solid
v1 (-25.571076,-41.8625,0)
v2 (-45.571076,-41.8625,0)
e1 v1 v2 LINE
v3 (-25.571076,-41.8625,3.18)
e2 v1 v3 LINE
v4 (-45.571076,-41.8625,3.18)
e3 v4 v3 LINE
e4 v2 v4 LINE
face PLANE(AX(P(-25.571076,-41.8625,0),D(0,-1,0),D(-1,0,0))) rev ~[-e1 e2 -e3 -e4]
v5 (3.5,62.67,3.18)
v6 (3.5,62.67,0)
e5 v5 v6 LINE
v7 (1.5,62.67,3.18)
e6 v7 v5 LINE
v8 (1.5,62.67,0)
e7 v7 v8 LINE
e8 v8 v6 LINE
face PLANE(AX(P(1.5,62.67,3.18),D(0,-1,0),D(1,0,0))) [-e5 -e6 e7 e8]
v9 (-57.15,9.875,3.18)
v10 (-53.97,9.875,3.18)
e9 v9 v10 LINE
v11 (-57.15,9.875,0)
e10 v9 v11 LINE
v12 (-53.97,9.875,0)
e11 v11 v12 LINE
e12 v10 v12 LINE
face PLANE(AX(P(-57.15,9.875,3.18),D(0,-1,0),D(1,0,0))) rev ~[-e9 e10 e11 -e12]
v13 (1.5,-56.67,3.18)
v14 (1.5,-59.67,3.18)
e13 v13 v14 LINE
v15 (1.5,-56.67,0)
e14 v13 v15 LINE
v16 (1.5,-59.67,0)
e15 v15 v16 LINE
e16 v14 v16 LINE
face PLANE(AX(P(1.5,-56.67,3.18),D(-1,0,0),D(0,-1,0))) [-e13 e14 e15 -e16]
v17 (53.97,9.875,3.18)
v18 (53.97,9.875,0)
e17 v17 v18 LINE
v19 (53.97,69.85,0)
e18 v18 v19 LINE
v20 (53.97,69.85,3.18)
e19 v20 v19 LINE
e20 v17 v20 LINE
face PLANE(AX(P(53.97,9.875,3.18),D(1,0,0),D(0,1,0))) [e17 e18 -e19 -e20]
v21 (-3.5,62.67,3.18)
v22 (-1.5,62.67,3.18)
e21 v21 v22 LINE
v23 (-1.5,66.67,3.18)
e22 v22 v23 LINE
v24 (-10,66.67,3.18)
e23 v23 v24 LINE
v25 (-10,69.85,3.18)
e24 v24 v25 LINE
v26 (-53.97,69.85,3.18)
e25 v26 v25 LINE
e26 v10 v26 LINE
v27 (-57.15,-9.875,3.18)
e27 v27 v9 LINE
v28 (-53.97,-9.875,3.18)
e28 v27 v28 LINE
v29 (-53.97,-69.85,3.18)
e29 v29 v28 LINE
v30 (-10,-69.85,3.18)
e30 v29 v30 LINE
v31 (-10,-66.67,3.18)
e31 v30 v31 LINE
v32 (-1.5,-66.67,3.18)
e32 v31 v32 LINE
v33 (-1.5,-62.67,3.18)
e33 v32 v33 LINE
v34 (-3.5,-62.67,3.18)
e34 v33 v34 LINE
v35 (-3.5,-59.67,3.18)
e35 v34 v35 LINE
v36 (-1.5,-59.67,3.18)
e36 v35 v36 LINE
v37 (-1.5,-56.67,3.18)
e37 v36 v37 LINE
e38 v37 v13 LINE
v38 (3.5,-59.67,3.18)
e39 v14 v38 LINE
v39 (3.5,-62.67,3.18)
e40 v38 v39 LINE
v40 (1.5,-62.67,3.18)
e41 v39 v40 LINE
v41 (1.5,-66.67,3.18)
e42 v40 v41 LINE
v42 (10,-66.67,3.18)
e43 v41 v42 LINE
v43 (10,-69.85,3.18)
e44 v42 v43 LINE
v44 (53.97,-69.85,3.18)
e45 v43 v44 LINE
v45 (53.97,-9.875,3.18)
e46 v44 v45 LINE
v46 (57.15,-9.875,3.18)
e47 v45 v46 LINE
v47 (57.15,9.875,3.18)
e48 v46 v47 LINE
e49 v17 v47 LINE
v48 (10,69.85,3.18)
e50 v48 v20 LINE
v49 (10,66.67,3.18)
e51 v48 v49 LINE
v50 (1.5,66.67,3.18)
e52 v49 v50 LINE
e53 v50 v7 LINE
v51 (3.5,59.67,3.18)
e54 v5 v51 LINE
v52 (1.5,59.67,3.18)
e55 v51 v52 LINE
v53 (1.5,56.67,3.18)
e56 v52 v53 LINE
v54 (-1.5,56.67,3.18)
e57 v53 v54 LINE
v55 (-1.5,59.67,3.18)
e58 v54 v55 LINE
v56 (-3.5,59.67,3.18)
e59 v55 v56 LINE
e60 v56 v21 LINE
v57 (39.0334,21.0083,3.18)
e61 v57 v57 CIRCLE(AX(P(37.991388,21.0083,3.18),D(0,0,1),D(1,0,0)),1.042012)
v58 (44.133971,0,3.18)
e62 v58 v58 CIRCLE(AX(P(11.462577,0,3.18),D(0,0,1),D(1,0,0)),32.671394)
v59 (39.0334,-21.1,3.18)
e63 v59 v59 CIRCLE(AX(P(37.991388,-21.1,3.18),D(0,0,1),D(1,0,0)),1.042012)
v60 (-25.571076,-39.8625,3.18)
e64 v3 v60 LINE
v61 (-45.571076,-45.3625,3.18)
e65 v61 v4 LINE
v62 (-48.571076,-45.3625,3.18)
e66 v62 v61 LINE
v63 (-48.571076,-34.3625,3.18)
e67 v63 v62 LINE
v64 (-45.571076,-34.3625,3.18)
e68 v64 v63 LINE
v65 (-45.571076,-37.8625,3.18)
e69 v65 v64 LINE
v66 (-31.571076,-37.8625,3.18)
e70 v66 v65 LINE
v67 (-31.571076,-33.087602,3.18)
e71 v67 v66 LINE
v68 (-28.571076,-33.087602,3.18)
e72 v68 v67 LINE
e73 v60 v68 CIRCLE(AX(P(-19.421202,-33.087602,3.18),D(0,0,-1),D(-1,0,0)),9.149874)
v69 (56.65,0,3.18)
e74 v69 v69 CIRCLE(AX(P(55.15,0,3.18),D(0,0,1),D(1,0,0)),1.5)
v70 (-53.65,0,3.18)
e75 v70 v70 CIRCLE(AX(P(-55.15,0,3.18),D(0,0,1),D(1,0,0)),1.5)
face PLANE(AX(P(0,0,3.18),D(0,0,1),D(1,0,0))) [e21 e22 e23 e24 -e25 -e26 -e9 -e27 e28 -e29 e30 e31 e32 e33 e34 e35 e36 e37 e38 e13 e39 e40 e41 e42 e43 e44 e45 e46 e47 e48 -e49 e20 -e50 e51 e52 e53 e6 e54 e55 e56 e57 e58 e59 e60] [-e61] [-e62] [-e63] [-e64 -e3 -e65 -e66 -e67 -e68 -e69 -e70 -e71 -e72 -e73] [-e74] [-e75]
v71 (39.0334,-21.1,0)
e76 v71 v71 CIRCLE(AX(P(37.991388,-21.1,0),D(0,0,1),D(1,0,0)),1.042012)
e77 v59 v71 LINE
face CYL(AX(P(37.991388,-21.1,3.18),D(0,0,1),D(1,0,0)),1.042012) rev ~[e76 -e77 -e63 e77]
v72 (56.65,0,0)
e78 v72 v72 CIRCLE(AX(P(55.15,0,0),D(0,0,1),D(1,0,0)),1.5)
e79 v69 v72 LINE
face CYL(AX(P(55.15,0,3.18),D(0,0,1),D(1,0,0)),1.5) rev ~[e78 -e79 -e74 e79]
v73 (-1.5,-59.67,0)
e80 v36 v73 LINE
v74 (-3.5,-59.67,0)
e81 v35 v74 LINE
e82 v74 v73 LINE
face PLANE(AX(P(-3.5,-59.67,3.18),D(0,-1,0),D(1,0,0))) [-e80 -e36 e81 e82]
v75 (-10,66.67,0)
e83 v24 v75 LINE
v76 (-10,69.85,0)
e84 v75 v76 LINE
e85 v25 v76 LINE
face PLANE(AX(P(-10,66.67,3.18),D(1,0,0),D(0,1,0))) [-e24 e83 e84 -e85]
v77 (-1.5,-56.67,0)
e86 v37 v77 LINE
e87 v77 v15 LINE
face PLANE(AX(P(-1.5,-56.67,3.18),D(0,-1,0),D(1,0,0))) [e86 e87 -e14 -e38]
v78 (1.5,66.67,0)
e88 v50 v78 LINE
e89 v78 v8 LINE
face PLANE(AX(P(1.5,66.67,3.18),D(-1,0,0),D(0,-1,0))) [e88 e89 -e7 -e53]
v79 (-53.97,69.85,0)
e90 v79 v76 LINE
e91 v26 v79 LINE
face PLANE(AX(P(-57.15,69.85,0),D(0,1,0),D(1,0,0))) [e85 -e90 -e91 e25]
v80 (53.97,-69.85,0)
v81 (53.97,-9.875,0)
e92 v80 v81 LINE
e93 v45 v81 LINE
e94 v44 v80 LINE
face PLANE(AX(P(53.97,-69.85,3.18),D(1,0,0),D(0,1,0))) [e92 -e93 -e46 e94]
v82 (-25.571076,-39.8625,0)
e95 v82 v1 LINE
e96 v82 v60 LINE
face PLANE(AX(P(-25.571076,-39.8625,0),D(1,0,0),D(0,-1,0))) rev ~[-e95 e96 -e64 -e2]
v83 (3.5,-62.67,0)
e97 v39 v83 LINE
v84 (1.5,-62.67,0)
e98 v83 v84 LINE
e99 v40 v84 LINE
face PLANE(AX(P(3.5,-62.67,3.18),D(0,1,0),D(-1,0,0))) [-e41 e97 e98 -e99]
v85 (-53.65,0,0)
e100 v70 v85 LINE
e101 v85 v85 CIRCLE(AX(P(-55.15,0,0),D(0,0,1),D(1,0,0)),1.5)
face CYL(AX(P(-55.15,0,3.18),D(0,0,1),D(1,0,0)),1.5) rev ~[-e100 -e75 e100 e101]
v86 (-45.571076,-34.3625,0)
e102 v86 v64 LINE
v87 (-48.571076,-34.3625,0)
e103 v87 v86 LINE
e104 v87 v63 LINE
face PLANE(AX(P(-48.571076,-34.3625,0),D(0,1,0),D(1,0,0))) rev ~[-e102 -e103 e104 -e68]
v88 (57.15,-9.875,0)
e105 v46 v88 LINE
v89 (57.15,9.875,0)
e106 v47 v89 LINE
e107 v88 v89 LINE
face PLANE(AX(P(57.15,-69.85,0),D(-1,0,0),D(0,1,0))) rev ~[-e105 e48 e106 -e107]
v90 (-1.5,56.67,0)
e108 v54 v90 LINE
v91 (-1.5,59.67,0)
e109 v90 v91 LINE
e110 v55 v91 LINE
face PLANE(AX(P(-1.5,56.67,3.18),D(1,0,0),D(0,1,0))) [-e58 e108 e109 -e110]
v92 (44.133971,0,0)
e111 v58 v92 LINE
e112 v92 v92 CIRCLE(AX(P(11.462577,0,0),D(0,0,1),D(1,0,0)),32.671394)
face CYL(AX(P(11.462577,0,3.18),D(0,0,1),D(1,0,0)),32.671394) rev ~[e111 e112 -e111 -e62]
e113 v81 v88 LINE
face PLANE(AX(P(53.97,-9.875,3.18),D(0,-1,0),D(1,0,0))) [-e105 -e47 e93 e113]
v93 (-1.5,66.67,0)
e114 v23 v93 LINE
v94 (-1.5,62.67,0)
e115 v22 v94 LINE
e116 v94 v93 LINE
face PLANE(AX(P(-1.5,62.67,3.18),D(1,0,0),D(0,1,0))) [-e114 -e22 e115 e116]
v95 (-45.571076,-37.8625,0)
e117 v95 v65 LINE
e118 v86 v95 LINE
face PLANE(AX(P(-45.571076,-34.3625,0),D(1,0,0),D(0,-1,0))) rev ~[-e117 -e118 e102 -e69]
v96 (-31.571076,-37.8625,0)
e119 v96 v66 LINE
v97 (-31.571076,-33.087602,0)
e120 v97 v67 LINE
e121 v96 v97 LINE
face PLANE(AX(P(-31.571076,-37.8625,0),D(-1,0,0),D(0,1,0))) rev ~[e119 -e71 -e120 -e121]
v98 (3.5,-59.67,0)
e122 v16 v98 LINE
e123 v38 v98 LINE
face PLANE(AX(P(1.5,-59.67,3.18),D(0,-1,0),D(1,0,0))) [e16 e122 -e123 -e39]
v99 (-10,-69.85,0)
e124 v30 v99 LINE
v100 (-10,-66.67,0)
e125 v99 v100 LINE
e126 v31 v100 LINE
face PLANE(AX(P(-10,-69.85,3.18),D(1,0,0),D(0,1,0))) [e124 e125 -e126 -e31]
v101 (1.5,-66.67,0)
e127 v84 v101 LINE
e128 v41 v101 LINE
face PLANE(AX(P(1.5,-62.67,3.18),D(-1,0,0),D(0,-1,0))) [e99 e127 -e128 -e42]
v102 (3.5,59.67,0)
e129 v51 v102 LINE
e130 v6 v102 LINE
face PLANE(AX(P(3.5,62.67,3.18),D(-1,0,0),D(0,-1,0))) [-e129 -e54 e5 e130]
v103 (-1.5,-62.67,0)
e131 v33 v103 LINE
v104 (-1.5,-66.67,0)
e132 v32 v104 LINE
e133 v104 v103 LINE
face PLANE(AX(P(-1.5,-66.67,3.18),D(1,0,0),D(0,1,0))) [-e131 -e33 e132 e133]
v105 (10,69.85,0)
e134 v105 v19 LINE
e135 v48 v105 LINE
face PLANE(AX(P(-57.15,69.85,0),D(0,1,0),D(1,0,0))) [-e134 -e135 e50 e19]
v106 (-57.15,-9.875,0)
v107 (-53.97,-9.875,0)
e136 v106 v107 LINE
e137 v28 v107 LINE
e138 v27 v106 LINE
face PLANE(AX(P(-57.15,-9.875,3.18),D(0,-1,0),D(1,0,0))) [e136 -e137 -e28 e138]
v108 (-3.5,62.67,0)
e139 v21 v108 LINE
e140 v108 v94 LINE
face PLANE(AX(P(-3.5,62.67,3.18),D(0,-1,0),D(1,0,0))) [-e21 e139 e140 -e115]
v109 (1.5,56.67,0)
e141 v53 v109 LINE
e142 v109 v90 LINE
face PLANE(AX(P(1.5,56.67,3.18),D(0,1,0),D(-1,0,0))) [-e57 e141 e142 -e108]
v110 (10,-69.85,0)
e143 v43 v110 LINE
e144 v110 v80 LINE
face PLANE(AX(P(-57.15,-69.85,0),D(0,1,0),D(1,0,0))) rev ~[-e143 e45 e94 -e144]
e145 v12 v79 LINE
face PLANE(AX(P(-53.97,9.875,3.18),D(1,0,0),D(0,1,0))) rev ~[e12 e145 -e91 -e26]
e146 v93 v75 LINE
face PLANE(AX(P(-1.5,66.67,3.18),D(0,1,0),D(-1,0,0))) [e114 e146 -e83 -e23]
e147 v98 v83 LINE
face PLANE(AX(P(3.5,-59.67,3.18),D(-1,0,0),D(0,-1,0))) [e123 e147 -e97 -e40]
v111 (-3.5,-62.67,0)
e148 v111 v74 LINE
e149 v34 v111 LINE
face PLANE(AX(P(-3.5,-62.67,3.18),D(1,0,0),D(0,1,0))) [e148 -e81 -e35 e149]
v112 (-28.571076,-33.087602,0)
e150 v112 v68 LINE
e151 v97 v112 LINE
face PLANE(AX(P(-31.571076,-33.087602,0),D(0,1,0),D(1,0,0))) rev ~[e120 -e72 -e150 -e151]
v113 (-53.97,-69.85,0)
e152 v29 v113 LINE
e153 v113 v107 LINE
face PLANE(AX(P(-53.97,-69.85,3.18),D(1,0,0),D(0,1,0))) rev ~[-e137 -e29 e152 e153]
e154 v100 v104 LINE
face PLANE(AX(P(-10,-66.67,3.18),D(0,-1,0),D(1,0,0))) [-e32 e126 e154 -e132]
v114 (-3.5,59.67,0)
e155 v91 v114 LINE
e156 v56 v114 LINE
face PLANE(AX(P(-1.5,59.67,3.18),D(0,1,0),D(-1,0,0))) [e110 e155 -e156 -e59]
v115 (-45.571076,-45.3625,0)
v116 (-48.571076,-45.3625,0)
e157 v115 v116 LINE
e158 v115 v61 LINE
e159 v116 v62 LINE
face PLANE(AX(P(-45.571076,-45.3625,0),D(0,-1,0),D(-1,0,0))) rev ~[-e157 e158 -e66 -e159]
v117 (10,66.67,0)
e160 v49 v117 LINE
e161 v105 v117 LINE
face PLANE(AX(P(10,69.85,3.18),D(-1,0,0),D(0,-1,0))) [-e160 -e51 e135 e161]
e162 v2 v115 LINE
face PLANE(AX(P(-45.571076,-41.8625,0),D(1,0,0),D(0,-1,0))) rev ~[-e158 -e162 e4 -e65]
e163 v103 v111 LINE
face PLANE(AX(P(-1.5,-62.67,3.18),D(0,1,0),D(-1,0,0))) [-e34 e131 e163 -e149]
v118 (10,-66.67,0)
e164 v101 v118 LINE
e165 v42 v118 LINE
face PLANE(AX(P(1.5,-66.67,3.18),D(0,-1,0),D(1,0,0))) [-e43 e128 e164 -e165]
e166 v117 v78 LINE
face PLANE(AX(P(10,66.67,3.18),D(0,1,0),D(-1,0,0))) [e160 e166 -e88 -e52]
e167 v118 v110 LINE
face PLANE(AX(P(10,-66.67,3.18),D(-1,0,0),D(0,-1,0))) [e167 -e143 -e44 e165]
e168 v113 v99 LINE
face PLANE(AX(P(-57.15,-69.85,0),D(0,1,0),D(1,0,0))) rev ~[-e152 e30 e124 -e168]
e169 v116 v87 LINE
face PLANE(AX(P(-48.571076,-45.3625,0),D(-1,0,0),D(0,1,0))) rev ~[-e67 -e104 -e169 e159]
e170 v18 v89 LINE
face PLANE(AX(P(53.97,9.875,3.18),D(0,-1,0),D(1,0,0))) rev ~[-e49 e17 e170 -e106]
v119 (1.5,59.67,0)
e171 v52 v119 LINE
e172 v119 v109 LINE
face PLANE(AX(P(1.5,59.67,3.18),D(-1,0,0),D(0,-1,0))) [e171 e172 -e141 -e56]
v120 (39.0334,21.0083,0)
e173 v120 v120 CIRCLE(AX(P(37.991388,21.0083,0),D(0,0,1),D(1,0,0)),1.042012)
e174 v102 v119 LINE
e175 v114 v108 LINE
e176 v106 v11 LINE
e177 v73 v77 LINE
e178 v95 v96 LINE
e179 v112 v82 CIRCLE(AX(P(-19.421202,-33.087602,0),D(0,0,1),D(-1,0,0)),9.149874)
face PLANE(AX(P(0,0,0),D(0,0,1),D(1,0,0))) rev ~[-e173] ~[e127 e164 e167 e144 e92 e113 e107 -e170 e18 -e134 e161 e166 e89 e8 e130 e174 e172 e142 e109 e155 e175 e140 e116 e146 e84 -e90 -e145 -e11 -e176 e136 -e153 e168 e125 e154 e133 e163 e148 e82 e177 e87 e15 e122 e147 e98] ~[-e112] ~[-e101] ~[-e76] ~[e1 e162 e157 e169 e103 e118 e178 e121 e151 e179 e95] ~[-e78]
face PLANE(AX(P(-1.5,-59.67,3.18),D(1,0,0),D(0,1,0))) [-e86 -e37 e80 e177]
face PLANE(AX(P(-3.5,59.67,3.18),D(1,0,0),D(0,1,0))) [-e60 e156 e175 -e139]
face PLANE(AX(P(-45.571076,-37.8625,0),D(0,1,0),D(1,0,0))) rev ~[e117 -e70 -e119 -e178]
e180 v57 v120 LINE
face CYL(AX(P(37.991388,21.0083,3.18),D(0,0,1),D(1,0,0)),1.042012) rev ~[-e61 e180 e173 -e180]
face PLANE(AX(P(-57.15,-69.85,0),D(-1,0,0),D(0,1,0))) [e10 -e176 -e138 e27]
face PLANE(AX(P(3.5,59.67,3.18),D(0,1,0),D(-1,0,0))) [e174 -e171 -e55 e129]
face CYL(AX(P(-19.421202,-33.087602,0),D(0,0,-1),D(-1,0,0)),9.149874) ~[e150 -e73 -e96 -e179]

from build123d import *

# Parameters (mm, degrees)
SKETCH1_W           = 114.3
SKETCH1_H           = 139.7
BOSS_EXTRUDE1_DEPTH = 3.18
SKETCH2_R           = 1.5
SKETCH2_W           = 3.18
SKETCH2_H           = 59.975
CUT_EXTRUDE1_DEPTH  = 91.306463778
CUT_EXTRUDE5_DEPTH  = 12
SKETCH5_R           = 32.671394307
CUT_EXTRUDE6_DEPTH  = 10
SKETCH9_R           = 1.042012373
CUT_EXTRUDE8_DEPTH  = 91.306463778


with BuildPart() as part:
    # Sketch1 → Boss-Extrude1 (new body)
    with BuildSketch(Plane.XY):
        Rectangle(SKETCH1_W, SKETCH1_H)
    extrude(amount=BOSS_EXTRUDE1_DEPTH)

    # Sketch2 → Cut-Extrude1 (cut, through all)
    with BuildSketch(Plane.XY.offset(3.18)):
        with Locations((-55.15, 0)):
            Circle(SKETCH2_R)
        with Locations((55.15, 0)):
            Circle(SKETCH2_R)
        Polygon((-10, 69.85), (10, 69.85), (10, 66.67), (1.5, 66.67), (1.5, 62.67), (3.5, 62.67), (3.5, 59.67), (1.5, 59.67), (1.5, 56.67), (-1.5, 56.67), (-1.5, 59.67), (-3.5, 59.67), (-3.5, 62.67), (-1.5, 62.67), (-1.5, 66.67), (-10, 66.67), align=None)
        Polygon((-10, -69.85), (-10, -66.67), (-1.5, -66.67), (-1.5, -62.67), (-3.5, -62.67), (-3.5, -59.67), (-1.5, -59.67), (-1.5, -56.67), (1.5, -56.67), (1.5, -59.67), (3.5, -59.67), (3.5, -62.67), (1.5, -62.67), (1.5, -66.67), (10, -66.67), (10, -69.85), align=None)
        with Locations((-55.56, 39.8625)):
            Rectangle(SKETCH2_W, SKETCH2_H)
        with Locations((-55.56, -39.8625)):
            Rectangle(SKETCH2_W, SKETCH2_H)
        with Locations((55.56, -39.8625)):
            Rectangle(SKETCH2_W, SKETCH2_H)
        with Locations((55.56, 39.8625)):
            Rectangle(SKETCH2_W, SKETCH2_H)
    extrude(amount=-CUT_EXTRUDE1_DEPTH, mode=Mode.SUBTRACT)

    # Sketch4 → Cut-Extrude5 (cut)
    with BuildSketch(Plane.XY):
        with BuildLine():
            Line((-25.57107609, -41.8625), (-45.57107609, -41.8625))
            Line((-45.57107609, -41.8625), (-45.57107609, -45.3625))
            Line((-45.57107609, -45.3625), (-48.57107609, -45.3625))
            Line((-48.57107609, -45.3625), (-48.57107609, -34.3625))
            Line((-48.57107609, -34.3625), (-45.57107609, -34.3625))
            Line((-45.57107609, -34.3625), (-45.57107609, -37.8625))
            Line((-45.57107609, -37.8625), (-31.57107609, -37.8625))
            Line((-31.57107609, -37.8625), (-31.57107609, -33.087601989))
            Line((-31.57107609, -33.087601989), (-28.57107609, -33.087601989))
            ThreePointArc((-28.57107609, -33.087601989), (-27.787526444, -36.79230316), (-25.57107609, -39.8625))
            Line((-25.57107609, -39.8625), (-25.57107609, -41.8625))
        make_face()
    extrude(amount=CUT_EXTRUDE5_DEPTH, mode=Mode.SUBTRACT)

    # Sketch5 → Cut-Extrude6 (cut)
    with BuildSketch(Plane.XY.offset(3.18)):
        with Locations((11.462576996, 0)):
            Circle(SKETCH5_R)
    extrude(amount=-CUT_EXTRUDE6_DEPTH, mode=Mode.SUBTRACT)

    # Sketch9 → Cut-Extrude8 (cut, through all)
    with BuildSketch(Plane.XY.offset(3.18)):
        with Locations((37.991387583, -21.1)):
            Circle(SKETCH9_R)
        with Locations((37.991387583, 21.008299604)):
            Circle(SKETCH9_R)
    extrude(amount=-CUT_EXTRUDE8_DEPTH, mode=Mode.SUBTRACT)


solid = part.part
